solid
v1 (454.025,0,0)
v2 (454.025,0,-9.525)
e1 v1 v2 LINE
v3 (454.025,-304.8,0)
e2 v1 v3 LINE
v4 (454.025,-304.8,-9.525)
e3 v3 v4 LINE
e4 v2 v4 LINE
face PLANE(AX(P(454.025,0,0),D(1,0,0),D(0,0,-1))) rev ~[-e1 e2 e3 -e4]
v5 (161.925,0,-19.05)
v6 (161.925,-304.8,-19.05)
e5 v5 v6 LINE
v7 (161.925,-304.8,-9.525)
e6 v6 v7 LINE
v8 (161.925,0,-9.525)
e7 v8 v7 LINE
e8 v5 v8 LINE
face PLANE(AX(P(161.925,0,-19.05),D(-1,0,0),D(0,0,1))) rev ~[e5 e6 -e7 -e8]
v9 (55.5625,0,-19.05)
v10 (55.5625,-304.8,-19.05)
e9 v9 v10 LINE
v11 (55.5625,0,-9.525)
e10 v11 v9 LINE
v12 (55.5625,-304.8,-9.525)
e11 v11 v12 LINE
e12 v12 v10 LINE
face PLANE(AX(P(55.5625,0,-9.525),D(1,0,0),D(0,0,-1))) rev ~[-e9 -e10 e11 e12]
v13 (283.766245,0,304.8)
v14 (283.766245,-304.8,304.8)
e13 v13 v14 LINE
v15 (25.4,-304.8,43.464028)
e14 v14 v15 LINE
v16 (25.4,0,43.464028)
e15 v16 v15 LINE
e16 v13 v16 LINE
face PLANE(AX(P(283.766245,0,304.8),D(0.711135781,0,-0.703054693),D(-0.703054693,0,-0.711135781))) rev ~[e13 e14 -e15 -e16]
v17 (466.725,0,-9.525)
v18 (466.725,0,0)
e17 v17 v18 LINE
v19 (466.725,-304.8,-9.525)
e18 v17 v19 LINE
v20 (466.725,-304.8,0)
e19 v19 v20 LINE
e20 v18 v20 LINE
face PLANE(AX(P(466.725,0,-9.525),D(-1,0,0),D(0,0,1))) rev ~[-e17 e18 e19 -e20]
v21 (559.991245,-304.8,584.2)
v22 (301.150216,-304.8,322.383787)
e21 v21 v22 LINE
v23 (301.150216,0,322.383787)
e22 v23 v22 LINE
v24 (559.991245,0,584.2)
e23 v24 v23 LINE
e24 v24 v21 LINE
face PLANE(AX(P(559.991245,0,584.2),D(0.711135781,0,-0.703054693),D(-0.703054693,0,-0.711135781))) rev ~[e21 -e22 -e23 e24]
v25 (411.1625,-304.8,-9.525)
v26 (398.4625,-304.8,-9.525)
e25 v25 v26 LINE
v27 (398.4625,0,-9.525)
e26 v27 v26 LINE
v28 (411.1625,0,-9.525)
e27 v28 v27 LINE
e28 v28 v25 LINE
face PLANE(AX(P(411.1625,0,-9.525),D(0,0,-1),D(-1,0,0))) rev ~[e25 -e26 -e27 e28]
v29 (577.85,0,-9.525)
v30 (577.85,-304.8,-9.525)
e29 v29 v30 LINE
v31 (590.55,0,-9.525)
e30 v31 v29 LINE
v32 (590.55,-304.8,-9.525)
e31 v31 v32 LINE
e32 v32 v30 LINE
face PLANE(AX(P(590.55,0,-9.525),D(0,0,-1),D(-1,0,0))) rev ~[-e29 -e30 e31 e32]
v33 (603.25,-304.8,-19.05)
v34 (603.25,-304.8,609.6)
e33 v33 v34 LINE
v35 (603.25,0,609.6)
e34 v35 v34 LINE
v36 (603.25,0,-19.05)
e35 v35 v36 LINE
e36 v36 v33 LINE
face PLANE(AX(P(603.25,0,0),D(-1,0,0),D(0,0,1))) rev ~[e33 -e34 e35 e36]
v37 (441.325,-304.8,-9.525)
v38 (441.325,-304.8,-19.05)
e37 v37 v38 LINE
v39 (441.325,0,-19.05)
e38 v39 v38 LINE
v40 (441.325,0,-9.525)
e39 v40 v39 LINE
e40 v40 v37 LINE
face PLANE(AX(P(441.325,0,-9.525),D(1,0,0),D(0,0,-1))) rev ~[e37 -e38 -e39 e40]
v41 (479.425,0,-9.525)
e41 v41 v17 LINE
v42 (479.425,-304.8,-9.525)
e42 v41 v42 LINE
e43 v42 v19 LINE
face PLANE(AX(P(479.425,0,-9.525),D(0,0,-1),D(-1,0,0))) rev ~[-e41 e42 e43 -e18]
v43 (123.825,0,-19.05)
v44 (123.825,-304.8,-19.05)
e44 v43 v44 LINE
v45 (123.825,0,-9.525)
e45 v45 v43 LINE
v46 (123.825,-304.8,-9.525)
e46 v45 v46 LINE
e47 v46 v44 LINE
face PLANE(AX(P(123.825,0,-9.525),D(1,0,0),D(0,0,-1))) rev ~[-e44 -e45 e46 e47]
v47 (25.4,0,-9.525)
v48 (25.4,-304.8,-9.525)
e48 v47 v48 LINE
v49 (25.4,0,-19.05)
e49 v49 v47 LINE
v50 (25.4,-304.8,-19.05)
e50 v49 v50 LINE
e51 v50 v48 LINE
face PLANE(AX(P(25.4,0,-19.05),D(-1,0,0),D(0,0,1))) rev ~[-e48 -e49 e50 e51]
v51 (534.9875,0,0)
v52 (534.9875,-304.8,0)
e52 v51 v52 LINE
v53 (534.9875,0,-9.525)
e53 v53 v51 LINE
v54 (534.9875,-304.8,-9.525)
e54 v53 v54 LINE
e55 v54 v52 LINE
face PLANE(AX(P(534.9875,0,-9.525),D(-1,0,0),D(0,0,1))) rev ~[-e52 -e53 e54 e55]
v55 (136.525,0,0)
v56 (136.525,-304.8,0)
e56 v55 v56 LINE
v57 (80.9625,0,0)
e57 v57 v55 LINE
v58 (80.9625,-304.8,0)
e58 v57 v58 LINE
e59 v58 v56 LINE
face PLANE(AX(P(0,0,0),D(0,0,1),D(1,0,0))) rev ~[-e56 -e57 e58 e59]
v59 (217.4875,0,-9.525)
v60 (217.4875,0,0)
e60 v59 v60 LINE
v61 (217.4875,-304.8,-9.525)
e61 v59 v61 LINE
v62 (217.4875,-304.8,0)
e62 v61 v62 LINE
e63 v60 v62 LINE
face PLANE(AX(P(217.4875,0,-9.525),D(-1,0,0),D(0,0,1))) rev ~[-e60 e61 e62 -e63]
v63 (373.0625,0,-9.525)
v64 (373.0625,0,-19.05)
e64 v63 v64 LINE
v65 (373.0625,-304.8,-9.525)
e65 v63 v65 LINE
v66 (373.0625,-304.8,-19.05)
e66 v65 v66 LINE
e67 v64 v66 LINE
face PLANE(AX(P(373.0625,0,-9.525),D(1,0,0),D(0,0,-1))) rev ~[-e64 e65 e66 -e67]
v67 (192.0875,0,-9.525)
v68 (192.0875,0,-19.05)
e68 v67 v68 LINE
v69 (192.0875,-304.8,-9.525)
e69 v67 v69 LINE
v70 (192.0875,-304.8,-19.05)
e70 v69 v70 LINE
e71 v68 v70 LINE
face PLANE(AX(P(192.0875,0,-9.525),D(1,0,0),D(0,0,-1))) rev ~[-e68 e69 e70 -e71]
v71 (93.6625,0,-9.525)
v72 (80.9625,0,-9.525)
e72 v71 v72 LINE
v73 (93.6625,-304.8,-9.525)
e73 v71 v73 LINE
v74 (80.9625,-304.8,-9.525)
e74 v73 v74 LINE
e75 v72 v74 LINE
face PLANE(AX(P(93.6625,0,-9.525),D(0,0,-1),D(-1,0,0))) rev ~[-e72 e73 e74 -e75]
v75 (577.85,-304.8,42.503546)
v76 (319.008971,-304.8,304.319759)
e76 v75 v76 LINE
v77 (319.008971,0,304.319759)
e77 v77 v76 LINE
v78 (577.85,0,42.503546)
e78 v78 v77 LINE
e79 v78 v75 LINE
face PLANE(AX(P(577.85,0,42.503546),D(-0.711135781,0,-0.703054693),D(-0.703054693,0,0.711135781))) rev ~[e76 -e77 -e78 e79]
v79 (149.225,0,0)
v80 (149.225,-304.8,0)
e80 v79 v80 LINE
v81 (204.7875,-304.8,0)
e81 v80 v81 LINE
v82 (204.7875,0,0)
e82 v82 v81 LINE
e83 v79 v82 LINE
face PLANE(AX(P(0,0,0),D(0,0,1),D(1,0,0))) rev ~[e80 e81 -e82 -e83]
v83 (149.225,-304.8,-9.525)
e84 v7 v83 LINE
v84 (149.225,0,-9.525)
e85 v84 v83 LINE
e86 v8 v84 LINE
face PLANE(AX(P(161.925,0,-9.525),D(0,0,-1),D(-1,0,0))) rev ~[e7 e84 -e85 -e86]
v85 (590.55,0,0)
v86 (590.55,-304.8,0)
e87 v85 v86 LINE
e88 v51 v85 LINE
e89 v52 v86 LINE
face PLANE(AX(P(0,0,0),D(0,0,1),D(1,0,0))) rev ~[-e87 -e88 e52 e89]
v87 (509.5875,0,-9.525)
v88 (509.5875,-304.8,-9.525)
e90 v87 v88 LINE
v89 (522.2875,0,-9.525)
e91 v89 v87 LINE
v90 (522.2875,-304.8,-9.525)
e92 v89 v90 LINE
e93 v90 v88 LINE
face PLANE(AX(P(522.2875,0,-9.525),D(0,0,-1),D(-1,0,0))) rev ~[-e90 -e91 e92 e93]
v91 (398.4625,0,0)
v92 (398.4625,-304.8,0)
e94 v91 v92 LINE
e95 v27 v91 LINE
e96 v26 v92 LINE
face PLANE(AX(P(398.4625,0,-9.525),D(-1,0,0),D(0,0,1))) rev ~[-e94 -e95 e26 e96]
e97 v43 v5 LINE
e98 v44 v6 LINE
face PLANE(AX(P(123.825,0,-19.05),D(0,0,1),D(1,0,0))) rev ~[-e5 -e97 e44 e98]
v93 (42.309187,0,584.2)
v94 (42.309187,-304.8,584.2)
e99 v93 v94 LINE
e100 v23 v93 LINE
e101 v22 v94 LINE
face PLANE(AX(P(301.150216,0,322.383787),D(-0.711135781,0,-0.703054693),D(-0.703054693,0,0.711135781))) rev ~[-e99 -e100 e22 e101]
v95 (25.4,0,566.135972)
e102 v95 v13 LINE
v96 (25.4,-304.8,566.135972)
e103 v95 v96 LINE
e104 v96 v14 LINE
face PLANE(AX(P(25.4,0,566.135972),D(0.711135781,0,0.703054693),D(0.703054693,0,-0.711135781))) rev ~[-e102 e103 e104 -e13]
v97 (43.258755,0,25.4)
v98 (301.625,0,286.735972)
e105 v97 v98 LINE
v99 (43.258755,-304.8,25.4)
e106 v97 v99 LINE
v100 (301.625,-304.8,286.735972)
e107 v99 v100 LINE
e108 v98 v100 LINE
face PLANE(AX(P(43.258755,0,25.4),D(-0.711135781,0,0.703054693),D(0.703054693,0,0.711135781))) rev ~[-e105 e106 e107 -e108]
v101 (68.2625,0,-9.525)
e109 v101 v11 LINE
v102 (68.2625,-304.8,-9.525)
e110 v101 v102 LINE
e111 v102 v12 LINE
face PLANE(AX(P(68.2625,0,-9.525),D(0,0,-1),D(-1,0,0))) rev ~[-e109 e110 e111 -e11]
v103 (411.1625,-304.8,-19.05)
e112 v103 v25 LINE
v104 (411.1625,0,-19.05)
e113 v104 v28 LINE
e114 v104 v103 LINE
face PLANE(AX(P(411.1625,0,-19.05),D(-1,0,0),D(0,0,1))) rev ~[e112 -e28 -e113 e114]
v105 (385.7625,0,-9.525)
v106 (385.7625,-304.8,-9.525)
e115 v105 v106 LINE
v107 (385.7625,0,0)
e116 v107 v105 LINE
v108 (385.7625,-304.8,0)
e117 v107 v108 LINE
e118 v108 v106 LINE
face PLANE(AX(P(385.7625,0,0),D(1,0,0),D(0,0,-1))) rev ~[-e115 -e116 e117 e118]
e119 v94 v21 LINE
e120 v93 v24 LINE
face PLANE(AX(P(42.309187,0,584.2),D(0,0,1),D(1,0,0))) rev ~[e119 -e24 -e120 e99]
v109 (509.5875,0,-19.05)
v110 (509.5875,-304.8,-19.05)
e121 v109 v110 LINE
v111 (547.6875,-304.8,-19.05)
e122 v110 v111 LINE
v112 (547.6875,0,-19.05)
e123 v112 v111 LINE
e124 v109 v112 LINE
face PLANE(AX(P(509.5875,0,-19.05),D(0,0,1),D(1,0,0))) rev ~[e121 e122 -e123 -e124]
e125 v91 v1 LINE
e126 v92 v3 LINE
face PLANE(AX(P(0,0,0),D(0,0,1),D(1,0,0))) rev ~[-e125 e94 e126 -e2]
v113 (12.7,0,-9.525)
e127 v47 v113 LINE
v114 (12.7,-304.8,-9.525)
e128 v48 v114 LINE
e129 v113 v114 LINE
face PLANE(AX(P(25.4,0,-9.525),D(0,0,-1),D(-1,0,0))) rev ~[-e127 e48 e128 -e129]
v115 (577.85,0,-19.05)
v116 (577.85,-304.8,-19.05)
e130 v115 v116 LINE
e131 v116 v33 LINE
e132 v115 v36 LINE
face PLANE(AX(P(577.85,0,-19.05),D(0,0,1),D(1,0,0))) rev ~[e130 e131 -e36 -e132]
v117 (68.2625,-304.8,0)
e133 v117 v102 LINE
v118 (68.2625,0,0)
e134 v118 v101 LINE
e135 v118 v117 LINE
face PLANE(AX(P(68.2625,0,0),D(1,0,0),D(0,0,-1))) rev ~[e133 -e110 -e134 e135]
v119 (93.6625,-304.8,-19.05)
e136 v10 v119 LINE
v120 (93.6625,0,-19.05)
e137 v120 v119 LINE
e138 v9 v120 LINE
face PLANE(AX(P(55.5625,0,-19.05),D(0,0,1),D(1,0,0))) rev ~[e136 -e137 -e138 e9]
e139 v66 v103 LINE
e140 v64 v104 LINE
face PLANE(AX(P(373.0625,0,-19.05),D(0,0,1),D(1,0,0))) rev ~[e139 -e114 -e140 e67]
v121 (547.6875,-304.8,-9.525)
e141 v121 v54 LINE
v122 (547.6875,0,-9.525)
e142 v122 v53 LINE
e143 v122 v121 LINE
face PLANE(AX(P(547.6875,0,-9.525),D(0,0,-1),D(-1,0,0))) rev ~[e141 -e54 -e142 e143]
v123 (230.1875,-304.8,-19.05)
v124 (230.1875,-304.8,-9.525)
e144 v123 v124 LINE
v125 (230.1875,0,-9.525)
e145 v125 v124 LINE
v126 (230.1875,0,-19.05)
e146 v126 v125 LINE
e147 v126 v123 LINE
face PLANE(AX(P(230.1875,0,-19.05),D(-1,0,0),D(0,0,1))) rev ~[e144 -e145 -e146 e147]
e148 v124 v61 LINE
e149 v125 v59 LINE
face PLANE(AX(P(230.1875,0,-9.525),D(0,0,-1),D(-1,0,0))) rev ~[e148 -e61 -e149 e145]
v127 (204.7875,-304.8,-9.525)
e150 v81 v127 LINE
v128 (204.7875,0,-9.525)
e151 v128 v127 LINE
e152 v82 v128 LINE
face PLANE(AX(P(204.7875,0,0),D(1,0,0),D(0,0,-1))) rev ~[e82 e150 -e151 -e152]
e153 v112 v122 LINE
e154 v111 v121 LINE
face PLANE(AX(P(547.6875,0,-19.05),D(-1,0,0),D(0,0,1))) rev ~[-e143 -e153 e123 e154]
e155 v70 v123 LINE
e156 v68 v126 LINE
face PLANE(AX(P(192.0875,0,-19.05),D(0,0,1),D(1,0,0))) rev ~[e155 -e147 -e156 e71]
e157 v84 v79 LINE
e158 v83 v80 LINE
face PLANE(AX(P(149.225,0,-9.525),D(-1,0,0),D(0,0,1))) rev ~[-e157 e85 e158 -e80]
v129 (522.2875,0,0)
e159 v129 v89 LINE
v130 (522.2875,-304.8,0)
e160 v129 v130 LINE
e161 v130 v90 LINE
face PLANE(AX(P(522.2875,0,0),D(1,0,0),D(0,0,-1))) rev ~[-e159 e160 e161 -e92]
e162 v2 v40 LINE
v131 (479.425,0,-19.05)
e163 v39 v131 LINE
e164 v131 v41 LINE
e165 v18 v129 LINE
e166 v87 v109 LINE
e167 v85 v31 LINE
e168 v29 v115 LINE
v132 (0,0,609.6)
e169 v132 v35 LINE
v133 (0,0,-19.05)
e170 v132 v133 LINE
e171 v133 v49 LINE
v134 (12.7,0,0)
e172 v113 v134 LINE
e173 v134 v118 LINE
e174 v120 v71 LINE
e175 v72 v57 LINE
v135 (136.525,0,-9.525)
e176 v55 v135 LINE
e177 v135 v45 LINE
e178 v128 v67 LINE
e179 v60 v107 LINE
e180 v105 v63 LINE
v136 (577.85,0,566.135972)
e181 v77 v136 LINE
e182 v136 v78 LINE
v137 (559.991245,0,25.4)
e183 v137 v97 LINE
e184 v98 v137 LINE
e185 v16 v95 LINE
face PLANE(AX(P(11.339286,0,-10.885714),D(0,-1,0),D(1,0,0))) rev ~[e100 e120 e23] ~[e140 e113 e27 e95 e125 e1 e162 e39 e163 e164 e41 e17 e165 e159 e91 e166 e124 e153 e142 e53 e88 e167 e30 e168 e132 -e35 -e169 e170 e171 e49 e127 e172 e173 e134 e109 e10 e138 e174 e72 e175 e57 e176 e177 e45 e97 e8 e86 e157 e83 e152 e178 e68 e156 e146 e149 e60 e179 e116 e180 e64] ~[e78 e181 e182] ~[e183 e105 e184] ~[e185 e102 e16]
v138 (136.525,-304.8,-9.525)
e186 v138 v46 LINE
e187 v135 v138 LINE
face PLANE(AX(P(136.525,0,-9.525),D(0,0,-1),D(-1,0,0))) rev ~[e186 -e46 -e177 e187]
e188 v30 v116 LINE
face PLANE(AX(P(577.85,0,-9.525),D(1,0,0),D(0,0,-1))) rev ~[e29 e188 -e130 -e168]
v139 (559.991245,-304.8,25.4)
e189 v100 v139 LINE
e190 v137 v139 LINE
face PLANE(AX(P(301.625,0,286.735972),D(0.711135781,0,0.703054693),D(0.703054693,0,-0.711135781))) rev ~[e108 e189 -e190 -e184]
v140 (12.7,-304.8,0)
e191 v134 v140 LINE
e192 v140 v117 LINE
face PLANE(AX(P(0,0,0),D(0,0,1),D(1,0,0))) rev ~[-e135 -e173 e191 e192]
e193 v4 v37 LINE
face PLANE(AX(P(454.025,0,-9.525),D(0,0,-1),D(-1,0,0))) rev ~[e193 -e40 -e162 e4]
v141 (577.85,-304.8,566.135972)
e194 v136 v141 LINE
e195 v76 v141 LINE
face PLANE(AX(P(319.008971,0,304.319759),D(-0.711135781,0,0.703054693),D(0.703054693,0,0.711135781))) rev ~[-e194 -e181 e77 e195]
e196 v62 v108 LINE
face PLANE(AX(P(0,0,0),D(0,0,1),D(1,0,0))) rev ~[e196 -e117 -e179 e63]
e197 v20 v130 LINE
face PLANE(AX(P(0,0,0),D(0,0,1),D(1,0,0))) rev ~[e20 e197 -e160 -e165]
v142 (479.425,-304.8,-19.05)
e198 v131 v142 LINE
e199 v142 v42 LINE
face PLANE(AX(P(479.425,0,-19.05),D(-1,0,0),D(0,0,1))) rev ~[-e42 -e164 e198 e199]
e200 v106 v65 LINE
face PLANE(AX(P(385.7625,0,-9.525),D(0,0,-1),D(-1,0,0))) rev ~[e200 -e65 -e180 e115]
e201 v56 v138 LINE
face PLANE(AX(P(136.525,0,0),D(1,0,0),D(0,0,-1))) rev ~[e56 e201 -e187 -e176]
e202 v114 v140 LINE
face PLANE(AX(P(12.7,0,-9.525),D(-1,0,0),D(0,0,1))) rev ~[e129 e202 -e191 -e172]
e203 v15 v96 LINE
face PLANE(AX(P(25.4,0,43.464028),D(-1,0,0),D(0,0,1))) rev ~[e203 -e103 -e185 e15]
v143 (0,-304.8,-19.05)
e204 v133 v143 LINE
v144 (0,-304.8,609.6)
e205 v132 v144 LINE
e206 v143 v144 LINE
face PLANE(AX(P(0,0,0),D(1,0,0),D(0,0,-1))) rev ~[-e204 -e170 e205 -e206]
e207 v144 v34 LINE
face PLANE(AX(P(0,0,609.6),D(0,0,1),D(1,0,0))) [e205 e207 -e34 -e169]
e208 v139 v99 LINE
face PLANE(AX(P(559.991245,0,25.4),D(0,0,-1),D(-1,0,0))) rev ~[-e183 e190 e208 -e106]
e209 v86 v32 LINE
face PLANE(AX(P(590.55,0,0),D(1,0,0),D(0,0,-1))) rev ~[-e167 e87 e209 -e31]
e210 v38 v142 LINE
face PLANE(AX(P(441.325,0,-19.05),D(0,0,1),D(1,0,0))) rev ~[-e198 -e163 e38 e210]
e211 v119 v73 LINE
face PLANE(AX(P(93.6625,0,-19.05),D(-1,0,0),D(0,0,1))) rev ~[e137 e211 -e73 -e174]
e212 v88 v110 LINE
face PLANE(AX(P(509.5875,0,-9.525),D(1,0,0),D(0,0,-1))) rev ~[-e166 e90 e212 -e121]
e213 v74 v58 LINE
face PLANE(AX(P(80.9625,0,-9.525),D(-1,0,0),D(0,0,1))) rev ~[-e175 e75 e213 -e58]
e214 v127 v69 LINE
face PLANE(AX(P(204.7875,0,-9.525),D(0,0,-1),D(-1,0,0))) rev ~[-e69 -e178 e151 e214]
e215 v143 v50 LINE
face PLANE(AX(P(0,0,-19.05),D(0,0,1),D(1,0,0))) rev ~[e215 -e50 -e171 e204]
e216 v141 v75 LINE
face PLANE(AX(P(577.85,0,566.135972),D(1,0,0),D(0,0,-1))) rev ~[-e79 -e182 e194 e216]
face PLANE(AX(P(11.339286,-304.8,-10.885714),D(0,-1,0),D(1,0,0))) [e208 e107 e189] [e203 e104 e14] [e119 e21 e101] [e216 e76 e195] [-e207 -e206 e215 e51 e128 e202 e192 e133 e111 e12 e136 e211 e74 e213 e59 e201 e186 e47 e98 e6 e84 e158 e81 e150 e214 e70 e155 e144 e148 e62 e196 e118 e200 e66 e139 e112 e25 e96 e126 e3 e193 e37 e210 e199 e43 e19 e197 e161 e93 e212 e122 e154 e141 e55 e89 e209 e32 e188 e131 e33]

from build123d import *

# Parameters (mm, degrees)
F0_W     = 603.25
F0_H     = 609.6
F1_DEPTH = 304.8
F3_DEPTH = 304.8


with BuildPart() as f1:
    # F0 (on Front) → F1 (new body)
    with BuildSketch(Plane.XZ):
        with Locations((301.625, 304.8)):
            Rectangle(F0_W, F0_H)
        Polygon((283.766245, 304.8), (25.4, 43.464028), (25.4, 566.135972), align=None, mode=Mode.SUBTRACT)
        Polygon((559.991245, 25.4), (43.258755, 25.4), (301.625, 286.735972), align=None, mode=Mode.SUBTRACT)
        Polygon((577.85, 566.135972), (577.85, 42.503546), (319.008971, 304.319759), align=None, mode=Mode.SUBTRACT)
        Polygon((301.150216, 322.383787), (42.309187, 584.2), (559.991245, 584.2), align=None, mode=Mode.SUBTRACT)
    extrude(amount=F1_DEPTH)

    # F2 (on Front) → F3 (join)
    with BuildSketch(Plane.XZ):
        Polygon((12.7, 0), (0, 0), (0, -19.05), (25.4, -19.05), (25.4, -9.525), (12.7, -9.525), align=None)
        Polygon((80.9625, 0), (68.2625, 0), (68.2625, -9.525), (55.5625, -9.525), (55.5625, -19.05), (93.6625, -19.05), (93.6625, -9.525), (80.9625, -9.525), align=None)
        Polygon((149.225, 0), (136.525, 0), (136.525, -9.525), (123.825, -9.525), (123.825, -19.05), (161.925, -19.05), (161.925, -9.525), (149.225, -9.525), align=None)
        Polygon((217.4875, 0), (204.7875, 0), (204.7875, -9.525), (192.0875, -9.525), (192.0875, -19.05), (230.1875, -19.05), (230.1875, -9.525), (217.4875, -9.525), align=None)
        Polygon((411.1625, -19.05), (411.1625, -9.525), (398.4625, -9.525), (398.4625, 0), (385.7625, 0), (385.7625, -9.525), (373.0625, -9.525), (373.0625, -19.05), align=None)
        Polygon((479.425, -9.525), (466.725, -9.525), (466.725, 0), (454.025, 0), (454.025, -9.525), (441.325, -9.525), (441.325, -19.05), (479.425, -19.05), align=None)
        Polygon((547.6875, -9.525), (534.9875, -9.525), (534.9875, 0), (522.2875, 0), (522.2875, -9.525), (509.5875, -9.525), (509.5875, -19.05), (547.6875, -19.05), align=None)
        Polygon((603.25, 0), (590.55, 0), (590.55, -9.525), (577.85, -9.525), (577.85, -19.05), (603.25, -19.05), align=None)
    extrude(amount=F3_DEPTH)


solid = f1.part
